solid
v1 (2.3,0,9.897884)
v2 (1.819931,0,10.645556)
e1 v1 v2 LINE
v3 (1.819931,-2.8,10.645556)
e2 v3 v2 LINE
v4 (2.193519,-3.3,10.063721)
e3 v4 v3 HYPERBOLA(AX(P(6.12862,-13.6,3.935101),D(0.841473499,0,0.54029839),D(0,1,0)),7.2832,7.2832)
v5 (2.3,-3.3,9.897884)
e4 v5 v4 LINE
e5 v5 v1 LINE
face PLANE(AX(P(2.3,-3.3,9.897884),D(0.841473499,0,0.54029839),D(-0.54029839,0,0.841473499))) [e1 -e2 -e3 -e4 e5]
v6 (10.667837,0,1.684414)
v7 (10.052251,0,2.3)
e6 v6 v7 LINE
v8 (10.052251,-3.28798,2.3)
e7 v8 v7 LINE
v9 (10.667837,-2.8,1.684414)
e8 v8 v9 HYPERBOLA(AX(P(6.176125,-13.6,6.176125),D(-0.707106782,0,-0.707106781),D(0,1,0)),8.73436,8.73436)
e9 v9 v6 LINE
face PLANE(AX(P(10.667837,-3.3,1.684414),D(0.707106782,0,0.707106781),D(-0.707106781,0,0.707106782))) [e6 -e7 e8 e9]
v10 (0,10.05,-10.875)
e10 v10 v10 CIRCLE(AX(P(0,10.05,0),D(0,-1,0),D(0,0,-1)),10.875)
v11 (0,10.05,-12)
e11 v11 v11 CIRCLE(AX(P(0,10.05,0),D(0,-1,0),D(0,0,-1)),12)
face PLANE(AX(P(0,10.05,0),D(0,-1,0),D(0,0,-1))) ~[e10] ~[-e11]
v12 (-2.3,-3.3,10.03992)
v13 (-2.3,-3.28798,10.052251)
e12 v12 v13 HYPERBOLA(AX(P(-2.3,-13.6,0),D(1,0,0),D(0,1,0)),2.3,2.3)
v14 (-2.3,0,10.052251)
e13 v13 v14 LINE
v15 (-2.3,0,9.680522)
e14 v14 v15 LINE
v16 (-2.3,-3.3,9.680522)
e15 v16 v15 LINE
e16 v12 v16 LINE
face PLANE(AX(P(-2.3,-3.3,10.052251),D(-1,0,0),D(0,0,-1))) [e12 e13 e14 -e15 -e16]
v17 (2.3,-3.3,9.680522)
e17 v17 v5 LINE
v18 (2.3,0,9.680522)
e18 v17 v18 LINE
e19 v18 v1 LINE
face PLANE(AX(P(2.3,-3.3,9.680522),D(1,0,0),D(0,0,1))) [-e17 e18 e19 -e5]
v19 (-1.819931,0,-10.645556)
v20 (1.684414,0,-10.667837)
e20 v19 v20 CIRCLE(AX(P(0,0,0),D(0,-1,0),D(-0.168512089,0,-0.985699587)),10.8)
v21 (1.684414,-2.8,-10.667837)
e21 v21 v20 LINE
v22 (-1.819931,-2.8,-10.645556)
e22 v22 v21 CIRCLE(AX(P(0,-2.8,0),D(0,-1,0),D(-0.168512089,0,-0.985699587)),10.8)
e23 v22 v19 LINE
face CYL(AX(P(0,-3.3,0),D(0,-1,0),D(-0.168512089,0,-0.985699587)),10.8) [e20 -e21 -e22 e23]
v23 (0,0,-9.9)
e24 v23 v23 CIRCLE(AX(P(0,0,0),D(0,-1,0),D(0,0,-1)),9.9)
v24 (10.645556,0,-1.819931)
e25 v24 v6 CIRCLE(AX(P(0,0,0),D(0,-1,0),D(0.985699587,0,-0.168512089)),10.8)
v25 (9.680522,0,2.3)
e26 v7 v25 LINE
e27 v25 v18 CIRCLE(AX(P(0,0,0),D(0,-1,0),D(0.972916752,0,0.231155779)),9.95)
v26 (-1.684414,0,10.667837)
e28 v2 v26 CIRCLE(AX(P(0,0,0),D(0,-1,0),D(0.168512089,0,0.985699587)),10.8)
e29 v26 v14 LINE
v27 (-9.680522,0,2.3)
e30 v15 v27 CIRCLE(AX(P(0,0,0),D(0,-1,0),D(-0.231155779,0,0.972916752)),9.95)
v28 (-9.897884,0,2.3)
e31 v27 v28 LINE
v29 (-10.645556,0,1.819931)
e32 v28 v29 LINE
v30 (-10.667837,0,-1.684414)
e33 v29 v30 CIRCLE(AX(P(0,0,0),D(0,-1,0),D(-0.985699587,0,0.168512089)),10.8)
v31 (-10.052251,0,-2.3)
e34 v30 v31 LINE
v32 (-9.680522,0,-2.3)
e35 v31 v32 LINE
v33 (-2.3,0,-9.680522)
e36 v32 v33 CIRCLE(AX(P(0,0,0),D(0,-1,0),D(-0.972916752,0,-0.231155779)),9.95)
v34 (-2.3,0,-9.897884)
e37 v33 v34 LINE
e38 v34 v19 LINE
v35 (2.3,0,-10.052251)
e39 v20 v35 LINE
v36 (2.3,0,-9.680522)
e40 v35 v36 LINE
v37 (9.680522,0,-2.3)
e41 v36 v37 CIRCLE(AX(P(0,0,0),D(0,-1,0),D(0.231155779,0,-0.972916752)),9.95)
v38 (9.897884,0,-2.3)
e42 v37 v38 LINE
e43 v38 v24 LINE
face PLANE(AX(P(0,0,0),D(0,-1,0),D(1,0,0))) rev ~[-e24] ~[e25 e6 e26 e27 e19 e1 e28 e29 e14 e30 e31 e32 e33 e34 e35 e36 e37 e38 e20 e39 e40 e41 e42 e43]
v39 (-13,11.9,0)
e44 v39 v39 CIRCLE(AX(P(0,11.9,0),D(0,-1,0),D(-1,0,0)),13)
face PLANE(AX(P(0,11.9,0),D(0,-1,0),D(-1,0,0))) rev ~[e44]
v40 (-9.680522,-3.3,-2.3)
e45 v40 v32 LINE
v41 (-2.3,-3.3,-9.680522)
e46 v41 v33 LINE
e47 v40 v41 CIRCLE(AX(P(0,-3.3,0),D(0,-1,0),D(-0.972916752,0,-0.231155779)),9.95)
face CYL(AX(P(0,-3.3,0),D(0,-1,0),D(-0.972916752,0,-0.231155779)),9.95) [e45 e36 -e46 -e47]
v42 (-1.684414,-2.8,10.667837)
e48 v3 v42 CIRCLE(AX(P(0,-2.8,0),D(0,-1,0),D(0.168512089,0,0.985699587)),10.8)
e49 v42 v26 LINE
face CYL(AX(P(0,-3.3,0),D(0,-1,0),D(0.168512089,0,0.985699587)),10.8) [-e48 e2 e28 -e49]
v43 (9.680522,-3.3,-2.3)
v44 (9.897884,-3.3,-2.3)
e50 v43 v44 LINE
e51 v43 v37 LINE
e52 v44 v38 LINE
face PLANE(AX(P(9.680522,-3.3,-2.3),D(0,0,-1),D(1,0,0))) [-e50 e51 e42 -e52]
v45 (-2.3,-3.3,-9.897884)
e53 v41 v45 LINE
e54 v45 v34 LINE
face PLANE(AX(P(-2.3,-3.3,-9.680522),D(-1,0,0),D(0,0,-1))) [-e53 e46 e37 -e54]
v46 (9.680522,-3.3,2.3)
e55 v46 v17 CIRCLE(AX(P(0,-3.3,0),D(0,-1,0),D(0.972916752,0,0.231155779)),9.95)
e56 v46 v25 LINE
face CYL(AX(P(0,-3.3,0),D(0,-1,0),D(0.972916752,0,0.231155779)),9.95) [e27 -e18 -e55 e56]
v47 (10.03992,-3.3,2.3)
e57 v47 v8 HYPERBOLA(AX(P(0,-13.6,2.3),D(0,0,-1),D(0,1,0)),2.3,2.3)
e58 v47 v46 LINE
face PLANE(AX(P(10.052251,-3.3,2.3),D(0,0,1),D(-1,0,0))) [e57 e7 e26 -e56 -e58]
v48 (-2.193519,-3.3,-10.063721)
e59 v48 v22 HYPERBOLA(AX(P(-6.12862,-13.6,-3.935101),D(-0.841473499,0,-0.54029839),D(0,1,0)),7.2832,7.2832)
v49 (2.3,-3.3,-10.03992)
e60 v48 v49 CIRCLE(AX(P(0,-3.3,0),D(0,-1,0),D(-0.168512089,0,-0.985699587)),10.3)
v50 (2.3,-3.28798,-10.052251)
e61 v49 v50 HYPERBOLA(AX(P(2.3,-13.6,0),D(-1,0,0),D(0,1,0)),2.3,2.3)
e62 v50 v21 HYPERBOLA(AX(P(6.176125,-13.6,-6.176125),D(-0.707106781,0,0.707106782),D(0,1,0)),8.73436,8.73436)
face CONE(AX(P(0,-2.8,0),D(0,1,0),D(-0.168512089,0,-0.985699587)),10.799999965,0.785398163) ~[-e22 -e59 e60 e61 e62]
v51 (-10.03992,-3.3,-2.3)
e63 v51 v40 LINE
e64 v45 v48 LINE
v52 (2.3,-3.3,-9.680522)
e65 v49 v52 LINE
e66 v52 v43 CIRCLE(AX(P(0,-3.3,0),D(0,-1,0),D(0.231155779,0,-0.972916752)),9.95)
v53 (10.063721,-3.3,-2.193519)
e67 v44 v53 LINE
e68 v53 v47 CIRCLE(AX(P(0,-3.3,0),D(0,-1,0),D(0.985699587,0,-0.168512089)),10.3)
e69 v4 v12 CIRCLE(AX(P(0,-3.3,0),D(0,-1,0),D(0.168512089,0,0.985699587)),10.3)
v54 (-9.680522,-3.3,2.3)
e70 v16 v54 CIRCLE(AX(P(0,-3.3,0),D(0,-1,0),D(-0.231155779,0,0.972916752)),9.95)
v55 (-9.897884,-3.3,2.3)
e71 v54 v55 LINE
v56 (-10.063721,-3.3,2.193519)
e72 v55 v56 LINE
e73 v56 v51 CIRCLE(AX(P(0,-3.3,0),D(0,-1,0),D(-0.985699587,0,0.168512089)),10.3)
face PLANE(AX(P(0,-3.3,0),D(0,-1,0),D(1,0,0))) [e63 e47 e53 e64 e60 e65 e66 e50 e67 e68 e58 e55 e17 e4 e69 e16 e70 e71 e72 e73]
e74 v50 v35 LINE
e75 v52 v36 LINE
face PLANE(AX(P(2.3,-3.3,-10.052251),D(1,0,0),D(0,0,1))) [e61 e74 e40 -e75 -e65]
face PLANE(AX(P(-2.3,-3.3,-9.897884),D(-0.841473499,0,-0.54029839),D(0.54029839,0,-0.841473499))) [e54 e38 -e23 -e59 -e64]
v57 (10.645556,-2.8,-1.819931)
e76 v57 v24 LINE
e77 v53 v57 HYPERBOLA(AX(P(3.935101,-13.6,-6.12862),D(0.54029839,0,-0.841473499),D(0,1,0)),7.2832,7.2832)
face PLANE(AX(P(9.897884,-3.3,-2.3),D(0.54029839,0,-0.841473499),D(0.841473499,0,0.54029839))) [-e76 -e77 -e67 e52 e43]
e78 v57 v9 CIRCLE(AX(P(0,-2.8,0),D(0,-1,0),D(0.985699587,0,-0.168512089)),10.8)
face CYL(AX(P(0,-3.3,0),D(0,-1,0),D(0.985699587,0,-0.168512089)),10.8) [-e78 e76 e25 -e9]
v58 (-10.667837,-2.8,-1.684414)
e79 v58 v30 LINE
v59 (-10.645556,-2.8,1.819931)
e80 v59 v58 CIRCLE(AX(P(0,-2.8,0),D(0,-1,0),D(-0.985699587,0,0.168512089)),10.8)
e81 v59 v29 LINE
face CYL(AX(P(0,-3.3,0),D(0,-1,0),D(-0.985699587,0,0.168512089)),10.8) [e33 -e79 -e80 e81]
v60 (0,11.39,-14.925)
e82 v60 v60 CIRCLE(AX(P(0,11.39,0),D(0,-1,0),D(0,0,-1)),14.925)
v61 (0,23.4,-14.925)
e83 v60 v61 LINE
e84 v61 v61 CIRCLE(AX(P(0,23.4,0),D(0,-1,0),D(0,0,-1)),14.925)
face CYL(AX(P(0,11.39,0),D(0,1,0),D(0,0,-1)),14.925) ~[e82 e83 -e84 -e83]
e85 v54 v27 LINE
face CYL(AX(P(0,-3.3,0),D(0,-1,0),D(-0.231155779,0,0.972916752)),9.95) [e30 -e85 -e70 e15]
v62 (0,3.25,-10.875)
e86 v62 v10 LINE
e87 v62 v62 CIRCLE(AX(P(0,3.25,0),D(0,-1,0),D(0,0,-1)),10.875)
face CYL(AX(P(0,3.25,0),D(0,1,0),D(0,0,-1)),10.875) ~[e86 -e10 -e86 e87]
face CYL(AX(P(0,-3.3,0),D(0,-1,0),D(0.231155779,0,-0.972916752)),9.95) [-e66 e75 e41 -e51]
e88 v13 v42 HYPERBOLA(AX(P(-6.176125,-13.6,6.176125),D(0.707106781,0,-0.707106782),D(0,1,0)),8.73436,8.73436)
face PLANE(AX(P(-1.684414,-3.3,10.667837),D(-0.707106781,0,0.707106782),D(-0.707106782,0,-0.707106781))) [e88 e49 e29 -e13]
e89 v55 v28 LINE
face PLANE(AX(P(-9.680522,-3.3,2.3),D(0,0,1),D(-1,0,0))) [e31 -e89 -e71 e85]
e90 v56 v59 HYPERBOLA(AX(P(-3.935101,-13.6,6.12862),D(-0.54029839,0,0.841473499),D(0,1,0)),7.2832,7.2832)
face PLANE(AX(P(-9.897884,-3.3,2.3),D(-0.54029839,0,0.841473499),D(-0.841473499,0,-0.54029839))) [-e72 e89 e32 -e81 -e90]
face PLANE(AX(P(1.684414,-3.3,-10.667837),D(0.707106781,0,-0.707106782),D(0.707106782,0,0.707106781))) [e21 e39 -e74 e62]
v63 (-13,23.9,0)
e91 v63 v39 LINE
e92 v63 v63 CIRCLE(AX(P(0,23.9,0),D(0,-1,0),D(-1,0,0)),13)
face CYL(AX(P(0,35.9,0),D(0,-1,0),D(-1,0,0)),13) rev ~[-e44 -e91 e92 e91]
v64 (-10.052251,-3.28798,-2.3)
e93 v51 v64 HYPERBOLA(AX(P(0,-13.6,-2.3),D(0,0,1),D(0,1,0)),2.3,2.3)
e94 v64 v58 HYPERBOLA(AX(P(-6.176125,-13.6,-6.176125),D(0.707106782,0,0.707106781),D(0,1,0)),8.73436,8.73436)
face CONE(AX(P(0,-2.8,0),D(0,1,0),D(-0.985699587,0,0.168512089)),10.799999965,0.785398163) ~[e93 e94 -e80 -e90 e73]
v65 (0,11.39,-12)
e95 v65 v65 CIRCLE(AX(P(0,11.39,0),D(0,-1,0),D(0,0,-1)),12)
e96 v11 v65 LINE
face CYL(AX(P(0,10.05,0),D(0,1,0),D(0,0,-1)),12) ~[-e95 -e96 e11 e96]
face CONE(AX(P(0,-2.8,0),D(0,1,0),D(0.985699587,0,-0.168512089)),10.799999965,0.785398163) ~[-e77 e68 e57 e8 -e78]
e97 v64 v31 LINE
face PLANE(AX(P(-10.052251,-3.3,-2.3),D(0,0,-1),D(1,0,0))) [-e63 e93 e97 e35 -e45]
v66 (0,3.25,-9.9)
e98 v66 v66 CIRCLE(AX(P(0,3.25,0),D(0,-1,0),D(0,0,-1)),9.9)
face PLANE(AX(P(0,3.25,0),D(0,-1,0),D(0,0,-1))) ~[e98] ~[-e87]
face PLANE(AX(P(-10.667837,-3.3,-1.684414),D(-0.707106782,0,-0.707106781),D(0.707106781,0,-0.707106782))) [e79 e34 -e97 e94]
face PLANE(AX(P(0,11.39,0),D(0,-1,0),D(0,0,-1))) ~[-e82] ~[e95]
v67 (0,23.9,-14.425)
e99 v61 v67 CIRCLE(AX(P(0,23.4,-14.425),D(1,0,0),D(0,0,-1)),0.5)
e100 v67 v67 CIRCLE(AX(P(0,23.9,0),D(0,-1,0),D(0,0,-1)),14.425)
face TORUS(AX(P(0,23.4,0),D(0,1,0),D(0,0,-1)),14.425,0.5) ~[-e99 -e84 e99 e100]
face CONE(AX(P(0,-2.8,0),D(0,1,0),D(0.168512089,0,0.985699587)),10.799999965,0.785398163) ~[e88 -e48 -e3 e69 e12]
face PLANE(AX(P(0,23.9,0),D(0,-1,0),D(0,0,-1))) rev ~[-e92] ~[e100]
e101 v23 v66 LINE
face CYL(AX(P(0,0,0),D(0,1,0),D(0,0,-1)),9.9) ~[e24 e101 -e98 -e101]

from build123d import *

# Parameters (mm, degrees)
BOSS_EXTRUDE1_DEPTH       = 3.3
M22_CLEARANCE_HOLE1_D     = 26
M22_CLEARANCE_HOLE1_DEPTH = 12
CHAMFER1_SIZE             = 0.5
FILLET1_R                 = 0.5


with BuildPart() as part:
    # Sketch1 → Boss-Extrude1 (new body)
    with BuildSketch(Plane.XZ.offset(3.3)):
        with BuildLine():
            Line((-2.3, 10.052250945), (-2.3, 9.68052168))
            ThreePointArc((-2.3, 9.68052168), (-7.035712473, 7.035712473), (-9.68052168, 2.3))
            Line((-9.68052168, 2.3), (-9.897884029, 2.3))
            Line((-9.897884029, 2.3), (-10.64555554, 1.819930558))
            ThreePointArc((-10.64555554, 1.819930558), (-10.799781696, 0.06866818), (-10.667837189, -1.684413755))
            Line((-10.667837189, -1.684413755), (-10.052250945, -2.3))
            Line((-10.052250945, -2.3), (-9.68052168, -2.3))
            ThreePointArc((-9.68052168, -2.3), (-7.035712473, -7.035712473), (-2.3, -9.68052168))
            Line((-2.3, -9.68052168), (-2.3, -9.897884029))
            Line((-2.3, -9.897884029), (-1.819930558, -10.64555554))
            ThreePointArc((-1.819930558, -10.64555554), (-0.06866818, -10.799781696), (1.684413755, -10.667837189))
            Line((1.684413755, -10.667837189), (2.3, -10.052250945))
            Line((2.3, -10.052250945), (2.3, -9.68052168))
            ThreePointArc((2.3, -9.68052168), (7.035712473, -7.035712473), (9.68052168, -2.3))
            Line((9.68052168, -2.3), (9.897884029, -2.3))
            Line((9.897884029, -2.3), (10.64555554, -1.819930558))
            ThreePointArc((10.64555554, -1.819930558), (10.799781696, -0.06866818), (10.667837189, 1.684413755))
            Line((10.667837189, 1.684413755), (10.052250945, 2.3))
            Line((10.052250945, 2.3), (9.68052168, 2.3))
            ThreePointArc((9.68052168, 2.3), (7.035712473, 7.035712473), (2.3, 9.68052168))
            Line((2.3, 9.68052168), (2.3, 9.897884029))
            Line((2.3, 9.897884029), (1.819930558, 10.64555554))
            ThreePointArc((1.819930558, 10.64555554), (0.06866818, 10.799781696), (-1.684413755, 10.667837189))
            Line((-1.684413755, 10.667837189), (-2.3, 10.052250945))
        make_face()
    extrude(amount=-BOSS_EXTRUDE1_DEPTH)

    # Sketch2 → Revolve1 (revolve)
    with BuildSketch(Plane.XY, mode=Mode.PRIVATE) as revolve1_sk:
        Polygon((14.925, 23.9), (0, 23.9), (0, 0), (9.9, 0), (9.9, 3.25), (10.875, 3.25), (10.875, 10.05), (12, 10.05), (12, 11.39), (14.925, 11.39), align=None)
    revolve(revolve1_sk.sketch.rotate(Axis((0, 23.9, 0), (0, -1, 0)), 270), axis=Axis((0, 23.9, 0), (0, -1, 0)))

    # M22 Clearance Hole1
    with Locations(Plane(origin=(0, 23.9, 0), x_dir=(1, 0, 0), z_dir=(0, 1, 0))):
        with Locations((0, 0)):
            Hole(M22_CLEARANCE_HOLE1_D / 2, depth=M22_CLEARANCE_HOLE1_DEPTH)

    # Chamfer1
    chamfer1_edges = [part.edges().sort_by_distance(p)[0] for p in [
        (-10.799781696, -3.3, 0.06866818),
        (0.06866818, -3.3, 10.799781696),
        (-0.06866818, -3.3, -10.799781696),
        (10.799781696, -3.3, -0.06866818),
    ]]
    chamfer(chamfer1_edges, length=CHAMFER1_SIZE)

    # Fillet1
    fillet1_edges = [part.edges().sort_by_distance(p)[0] for p in [
        (0, 23.9, 14.925),
    ]]
    fillet(fillet1_edges, radius=FILLET1_R)


solid = part.part
